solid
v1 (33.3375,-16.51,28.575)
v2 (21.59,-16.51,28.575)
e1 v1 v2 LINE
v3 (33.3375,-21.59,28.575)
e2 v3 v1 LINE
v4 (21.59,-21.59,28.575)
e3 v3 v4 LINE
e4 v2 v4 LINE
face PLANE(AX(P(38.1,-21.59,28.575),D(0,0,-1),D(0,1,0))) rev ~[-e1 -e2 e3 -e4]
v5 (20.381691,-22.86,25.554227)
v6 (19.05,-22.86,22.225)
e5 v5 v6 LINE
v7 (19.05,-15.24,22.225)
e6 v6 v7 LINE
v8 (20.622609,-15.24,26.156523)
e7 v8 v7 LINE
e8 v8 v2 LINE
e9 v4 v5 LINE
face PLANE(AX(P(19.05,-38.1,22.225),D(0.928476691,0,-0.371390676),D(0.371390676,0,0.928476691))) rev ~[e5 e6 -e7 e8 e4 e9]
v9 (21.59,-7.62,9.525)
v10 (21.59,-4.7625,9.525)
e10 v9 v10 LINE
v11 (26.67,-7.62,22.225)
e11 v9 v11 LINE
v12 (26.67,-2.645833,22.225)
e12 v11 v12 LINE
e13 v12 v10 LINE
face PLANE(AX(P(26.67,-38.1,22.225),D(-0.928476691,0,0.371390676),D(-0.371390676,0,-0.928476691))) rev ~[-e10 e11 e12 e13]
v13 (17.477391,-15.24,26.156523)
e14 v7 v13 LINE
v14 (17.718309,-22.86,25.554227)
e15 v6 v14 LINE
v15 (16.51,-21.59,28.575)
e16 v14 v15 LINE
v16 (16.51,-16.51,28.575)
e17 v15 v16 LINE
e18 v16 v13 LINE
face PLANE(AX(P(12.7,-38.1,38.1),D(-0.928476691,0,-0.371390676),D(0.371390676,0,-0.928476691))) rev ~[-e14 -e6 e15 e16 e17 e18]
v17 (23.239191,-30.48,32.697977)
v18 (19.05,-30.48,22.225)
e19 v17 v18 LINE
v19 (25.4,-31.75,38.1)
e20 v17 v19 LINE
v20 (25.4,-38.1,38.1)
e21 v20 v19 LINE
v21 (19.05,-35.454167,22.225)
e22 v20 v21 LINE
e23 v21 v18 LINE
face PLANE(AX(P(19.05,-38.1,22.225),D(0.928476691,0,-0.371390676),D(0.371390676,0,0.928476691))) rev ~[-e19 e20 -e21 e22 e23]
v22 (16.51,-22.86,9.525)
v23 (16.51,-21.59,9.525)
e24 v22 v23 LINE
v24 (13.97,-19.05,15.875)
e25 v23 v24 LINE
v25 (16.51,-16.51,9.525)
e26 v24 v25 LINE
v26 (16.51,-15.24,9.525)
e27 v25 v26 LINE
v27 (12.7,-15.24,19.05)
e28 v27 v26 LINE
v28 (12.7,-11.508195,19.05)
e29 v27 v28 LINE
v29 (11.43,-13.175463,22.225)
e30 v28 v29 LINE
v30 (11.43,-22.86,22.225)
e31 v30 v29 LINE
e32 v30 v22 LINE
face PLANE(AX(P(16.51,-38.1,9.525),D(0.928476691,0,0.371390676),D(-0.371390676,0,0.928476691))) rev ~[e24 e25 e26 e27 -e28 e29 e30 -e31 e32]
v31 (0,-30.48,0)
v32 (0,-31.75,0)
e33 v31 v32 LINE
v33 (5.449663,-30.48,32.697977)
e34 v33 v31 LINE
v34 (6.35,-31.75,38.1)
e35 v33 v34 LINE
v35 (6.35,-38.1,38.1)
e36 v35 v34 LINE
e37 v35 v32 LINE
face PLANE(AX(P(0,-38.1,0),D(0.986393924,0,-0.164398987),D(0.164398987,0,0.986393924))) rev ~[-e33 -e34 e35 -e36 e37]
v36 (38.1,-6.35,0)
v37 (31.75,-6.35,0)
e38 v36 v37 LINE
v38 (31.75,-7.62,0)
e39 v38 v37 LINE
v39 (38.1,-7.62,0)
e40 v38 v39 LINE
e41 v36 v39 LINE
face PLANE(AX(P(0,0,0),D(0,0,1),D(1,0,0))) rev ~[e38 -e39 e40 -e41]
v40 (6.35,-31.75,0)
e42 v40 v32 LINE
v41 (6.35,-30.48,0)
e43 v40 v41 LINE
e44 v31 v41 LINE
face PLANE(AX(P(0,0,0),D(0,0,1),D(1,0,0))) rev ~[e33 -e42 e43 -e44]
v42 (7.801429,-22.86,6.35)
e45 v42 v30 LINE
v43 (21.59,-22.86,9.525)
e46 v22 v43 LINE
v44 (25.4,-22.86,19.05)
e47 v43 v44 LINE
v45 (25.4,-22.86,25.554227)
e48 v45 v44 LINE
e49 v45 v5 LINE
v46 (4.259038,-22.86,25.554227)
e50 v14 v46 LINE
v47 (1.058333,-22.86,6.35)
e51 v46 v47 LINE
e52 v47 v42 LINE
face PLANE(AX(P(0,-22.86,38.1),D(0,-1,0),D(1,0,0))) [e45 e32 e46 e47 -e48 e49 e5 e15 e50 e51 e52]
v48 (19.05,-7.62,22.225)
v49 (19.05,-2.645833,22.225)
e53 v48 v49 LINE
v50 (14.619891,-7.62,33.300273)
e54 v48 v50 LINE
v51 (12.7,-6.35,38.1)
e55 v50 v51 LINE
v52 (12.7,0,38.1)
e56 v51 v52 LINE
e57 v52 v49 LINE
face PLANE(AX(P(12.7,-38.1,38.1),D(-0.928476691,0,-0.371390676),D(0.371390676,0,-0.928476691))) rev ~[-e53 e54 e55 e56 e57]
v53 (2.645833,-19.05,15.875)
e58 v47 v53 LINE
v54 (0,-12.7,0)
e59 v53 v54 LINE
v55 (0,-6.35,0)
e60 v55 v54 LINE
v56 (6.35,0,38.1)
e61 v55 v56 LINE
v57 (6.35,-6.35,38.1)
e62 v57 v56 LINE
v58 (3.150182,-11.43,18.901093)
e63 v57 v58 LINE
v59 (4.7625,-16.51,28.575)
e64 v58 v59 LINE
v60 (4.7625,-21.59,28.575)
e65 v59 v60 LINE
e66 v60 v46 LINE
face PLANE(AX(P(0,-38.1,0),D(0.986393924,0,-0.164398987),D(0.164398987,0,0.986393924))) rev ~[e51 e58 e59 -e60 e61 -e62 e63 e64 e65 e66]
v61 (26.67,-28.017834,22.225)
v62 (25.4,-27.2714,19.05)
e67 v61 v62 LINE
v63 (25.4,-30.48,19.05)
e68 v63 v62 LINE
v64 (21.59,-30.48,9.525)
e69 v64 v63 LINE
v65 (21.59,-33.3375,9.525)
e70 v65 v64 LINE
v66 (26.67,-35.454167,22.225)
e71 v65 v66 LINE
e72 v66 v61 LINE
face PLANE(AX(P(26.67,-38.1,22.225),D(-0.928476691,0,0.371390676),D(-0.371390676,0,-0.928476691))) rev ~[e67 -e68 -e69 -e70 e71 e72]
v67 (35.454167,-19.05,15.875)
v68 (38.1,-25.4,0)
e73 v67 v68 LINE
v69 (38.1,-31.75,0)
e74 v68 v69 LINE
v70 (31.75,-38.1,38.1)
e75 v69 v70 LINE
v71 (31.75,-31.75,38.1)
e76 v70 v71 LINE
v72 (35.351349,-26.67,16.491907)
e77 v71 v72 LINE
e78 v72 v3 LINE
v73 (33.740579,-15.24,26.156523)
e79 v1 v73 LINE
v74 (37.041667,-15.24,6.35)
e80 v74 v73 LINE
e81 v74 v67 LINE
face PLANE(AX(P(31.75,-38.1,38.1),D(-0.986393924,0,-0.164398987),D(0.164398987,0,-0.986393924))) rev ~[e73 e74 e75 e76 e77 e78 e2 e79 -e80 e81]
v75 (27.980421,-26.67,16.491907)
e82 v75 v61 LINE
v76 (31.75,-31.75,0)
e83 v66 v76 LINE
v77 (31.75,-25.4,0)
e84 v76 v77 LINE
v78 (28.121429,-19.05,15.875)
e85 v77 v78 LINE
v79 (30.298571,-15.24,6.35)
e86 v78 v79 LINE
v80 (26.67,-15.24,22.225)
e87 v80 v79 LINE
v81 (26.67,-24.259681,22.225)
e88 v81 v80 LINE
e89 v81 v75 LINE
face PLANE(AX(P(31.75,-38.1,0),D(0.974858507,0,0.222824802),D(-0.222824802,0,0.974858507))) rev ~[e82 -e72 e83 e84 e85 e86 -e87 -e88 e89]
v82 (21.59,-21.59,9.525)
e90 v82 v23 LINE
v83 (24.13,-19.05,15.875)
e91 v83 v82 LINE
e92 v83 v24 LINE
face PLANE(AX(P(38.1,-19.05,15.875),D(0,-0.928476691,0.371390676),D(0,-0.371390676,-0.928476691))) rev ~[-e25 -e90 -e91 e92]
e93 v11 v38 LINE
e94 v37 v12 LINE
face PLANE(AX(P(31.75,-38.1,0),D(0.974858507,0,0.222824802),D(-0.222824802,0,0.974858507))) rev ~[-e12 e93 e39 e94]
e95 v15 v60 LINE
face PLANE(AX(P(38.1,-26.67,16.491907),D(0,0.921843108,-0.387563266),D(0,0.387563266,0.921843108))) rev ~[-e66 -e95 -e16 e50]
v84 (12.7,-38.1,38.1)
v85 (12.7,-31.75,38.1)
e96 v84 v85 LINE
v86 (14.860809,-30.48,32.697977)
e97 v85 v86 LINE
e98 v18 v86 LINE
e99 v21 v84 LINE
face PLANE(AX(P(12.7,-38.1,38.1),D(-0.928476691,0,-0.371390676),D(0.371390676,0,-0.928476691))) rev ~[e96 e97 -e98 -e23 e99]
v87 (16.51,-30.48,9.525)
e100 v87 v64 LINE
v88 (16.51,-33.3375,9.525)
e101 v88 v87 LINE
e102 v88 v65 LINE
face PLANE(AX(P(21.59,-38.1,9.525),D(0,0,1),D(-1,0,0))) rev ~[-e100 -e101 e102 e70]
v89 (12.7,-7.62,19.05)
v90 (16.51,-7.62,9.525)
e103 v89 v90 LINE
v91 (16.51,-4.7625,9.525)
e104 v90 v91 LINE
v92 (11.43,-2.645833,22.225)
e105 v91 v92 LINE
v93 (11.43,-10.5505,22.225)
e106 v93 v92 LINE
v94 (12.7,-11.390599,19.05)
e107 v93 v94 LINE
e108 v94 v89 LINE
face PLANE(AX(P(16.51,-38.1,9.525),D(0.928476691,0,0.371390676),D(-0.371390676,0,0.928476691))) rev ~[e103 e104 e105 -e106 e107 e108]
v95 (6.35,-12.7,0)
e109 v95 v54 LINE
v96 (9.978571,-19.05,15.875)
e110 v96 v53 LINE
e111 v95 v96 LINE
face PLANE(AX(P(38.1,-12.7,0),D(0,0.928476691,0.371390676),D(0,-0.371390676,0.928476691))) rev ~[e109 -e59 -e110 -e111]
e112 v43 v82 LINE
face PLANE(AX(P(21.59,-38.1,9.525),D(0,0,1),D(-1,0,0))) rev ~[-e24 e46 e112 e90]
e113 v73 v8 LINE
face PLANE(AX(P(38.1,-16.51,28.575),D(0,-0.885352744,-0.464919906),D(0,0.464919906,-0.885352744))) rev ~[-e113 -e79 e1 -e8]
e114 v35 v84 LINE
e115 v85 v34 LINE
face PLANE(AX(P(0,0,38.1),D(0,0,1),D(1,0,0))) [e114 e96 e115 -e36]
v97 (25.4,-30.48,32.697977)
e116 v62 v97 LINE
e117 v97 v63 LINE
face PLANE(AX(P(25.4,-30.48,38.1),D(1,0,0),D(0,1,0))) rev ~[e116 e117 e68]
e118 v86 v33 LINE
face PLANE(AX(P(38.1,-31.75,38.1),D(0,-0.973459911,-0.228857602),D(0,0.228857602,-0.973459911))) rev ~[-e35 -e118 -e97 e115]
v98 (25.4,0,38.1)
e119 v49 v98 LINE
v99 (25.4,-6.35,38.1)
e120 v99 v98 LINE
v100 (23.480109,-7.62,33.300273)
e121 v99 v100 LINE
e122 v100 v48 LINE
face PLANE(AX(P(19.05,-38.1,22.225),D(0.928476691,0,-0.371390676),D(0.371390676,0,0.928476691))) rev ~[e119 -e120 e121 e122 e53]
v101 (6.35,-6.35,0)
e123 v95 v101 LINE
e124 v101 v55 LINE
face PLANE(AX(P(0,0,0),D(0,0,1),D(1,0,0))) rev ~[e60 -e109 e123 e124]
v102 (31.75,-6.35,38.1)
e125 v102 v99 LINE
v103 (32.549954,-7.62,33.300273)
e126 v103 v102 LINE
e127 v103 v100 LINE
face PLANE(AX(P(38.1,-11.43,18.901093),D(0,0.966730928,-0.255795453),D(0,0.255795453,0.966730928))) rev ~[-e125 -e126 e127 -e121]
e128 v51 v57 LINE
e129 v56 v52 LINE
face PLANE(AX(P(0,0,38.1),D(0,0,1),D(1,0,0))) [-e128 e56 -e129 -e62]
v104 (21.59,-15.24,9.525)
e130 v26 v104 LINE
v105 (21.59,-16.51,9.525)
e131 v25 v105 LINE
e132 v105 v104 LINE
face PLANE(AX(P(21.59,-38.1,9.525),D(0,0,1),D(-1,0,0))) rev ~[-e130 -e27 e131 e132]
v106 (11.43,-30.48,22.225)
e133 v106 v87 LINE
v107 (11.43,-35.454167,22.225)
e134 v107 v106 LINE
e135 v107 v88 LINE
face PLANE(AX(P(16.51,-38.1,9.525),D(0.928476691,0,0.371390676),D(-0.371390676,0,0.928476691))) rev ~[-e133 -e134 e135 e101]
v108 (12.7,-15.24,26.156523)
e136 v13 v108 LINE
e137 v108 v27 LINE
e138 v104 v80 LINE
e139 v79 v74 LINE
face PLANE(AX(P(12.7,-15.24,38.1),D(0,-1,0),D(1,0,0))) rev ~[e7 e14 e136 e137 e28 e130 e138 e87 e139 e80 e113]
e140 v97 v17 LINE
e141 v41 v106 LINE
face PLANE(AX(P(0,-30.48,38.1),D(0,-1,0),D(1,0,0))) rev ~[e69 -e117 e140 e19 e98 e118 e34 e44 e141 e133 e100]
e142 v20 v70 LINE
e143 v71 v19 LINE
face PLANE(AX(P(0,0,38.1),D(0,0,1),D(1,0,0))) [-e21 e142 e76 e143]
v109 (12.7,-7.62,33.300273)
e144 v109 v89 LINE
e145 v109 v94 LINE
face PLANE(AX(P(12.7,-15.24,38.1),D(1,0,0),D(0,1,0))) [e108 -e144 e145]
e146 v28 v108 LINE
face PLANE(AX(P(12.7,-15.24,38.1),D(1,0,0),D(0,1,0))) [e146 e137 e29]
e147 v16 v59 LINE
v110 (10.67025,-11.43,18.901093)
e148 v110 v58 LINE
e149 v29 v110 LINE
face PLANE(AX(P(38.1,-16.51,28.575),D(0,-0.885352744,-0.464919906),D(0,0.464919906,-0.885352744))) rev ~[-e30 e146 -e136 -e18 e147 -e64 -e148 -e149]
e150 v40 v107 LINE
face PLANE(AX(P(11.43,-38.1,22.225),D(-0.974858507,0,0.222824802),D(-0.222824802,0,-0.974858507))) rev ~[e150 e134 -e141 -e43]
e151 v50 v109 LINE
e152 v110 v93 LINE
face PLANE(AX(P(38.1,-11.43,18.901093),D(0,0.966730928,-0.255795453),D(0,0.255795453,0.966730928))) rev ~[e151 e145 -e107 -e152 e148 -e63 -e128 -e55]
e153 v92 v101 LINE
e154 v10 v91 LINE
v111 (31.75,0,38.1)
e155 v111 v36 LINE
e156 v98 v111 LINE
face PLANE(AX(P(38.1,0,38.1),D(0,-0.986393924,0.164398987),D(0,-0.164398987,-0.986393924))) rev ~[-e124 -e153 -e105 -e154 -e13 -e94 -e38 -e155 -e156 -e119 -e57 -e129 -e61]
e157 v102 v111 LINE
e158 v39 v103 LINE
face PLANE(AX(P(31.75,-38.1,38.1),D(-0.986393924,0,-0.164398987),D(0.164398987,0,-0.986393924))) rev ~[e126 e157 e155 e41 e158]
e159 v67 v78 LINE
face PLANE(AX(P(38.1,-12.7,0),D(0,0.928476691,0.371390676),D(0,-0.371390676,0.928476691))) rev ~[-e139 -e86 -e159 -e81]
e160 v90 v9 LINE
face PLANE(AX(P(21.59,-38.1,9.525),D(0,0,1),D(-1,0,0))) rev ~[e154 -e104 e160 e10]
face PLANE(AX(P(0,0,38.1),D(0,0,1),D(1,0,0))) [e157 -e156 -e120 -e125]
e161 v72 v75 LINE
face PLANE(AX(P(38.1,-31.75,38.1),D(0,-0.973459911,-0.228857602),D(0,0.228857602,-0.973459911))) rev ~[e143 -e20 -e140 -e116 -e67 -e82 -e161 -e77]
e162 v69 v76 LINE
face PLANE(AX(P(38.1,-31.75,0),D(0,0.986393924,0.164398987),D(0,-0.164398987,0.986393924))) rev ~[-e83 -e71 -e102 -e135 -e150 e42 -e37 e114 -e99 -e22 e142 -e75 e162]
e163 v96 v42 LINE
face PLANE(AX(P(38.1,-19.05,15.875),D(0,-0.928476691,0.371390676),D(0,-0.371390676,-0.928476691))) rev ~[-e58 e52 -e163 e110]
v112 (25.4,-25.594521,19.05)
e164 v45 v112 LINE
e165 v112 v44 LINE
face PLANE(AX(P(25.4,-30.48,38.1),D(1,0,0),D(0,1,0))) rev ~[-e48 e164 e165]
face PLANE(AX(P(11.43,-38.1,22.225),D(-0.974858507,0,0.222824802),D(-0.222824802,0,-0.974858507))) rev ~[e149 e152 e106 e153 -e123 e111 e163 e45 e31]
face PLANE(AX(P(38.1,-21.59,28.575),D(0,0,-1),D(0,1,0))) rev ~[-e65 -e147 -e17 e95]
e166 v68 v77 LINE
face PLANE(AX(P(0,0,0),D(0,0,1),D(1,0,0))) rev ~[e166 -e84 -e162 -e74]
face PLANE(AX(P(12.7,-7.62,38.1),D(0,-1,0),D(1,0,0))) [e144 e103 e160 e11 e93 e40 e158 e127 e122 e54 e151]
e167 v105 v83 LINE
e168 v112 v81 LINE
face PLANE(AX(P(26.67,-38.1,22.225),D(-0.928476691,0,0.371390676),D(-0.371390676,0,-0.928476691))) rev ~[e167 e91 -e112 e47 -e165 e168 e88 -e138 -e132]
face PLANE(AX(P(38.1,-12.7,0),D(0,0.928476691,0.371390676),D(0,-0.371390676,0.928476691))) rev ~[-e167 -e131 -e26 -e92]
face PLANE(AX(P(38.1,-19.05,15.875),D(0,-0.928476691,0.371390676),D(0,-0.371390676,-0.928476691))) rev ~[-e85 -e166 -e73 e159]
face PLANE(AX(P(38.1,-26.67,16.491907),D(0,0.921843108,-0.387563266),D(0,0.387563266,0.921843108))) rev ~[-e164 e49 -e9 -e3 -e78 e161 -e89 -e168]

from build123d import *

# Parameters (mm, degrees)
F0_W      = 38.1
F0_H      = 38.1
F1_DEPTH  = 38.1
F6_DEPTH  = 38.1
F8_DEPTH  = 38.1
F9_W      = 25.4
F9_H      = 7.62
F10_DEPTH = 38.1


with BuildPart() as f1:
    # F0 (on Front) → F1 (new body)
    with BuildSketch(Plane.XZ):
        with Locations((19.05, 19.05)):
            Rectangle(F0_W, F0_H)
    extrude(amount=F1_DEPTH)

    # F5 (on offset) → F6 (cut)
    with BuildSketch(Plane.YZ.offset(38.1)):
        Polygon((-11.43, 18.901093), (-6.35, 38.1), (-31.75, 38.1), (-26.67, 16.491907), (-21.59, 28.575), (-16.51, 28.575), align=None)
        Polygon((-6.35, 0), (0, 0), (0, 38.1), align=None)
        Polygon((-25.4, 0), (-12.7, 0), (-19.05, 15.875), align=None)
        Polygon((-31.75, 0), (-38.1, 38.1), (-38.1, 0), align=None)
    extrude(amount=-F6_DEPTH, mode=Mode.SUBTRACT)

    # F7 (on offset) → F8 (cut)
    with BuildSketch(Plane.XZ.offset(38.1)):
        Polygon((0, 38.1), (0, 0), (6.35, 38.1), align=None)
        Polygon((11.43, 22.225), (6.35, 0), (31.75, 0), (26.67, 22.225), (21.59, 9.525), (16.51, 9.525), align=None)
        Polygon((31.75, 38.1), (38.1, 0), (38.1, 38.1), align=None)
        Polygon((25.4, 38.1), (12.7, 38.1), (19.05, 22.225), align=None)
    extrude(amount=-F8_DEPTH, mode=Mode.SUBTRACT)

    # F9 (on offset) → F10 (cut)
    with BuildSketch(Plane.XY.offset(38.1)):
        with Locations((25.4, -11.43)):
            Rectangle(F9_W, F9_H)
        with Locations((12.7, -26.67)):
            Rectangle(F9_W, F9_H)
    extrude(amount=-F10_DEPTH, mode=Mode.SUBTRACT)


solid = f1.part
